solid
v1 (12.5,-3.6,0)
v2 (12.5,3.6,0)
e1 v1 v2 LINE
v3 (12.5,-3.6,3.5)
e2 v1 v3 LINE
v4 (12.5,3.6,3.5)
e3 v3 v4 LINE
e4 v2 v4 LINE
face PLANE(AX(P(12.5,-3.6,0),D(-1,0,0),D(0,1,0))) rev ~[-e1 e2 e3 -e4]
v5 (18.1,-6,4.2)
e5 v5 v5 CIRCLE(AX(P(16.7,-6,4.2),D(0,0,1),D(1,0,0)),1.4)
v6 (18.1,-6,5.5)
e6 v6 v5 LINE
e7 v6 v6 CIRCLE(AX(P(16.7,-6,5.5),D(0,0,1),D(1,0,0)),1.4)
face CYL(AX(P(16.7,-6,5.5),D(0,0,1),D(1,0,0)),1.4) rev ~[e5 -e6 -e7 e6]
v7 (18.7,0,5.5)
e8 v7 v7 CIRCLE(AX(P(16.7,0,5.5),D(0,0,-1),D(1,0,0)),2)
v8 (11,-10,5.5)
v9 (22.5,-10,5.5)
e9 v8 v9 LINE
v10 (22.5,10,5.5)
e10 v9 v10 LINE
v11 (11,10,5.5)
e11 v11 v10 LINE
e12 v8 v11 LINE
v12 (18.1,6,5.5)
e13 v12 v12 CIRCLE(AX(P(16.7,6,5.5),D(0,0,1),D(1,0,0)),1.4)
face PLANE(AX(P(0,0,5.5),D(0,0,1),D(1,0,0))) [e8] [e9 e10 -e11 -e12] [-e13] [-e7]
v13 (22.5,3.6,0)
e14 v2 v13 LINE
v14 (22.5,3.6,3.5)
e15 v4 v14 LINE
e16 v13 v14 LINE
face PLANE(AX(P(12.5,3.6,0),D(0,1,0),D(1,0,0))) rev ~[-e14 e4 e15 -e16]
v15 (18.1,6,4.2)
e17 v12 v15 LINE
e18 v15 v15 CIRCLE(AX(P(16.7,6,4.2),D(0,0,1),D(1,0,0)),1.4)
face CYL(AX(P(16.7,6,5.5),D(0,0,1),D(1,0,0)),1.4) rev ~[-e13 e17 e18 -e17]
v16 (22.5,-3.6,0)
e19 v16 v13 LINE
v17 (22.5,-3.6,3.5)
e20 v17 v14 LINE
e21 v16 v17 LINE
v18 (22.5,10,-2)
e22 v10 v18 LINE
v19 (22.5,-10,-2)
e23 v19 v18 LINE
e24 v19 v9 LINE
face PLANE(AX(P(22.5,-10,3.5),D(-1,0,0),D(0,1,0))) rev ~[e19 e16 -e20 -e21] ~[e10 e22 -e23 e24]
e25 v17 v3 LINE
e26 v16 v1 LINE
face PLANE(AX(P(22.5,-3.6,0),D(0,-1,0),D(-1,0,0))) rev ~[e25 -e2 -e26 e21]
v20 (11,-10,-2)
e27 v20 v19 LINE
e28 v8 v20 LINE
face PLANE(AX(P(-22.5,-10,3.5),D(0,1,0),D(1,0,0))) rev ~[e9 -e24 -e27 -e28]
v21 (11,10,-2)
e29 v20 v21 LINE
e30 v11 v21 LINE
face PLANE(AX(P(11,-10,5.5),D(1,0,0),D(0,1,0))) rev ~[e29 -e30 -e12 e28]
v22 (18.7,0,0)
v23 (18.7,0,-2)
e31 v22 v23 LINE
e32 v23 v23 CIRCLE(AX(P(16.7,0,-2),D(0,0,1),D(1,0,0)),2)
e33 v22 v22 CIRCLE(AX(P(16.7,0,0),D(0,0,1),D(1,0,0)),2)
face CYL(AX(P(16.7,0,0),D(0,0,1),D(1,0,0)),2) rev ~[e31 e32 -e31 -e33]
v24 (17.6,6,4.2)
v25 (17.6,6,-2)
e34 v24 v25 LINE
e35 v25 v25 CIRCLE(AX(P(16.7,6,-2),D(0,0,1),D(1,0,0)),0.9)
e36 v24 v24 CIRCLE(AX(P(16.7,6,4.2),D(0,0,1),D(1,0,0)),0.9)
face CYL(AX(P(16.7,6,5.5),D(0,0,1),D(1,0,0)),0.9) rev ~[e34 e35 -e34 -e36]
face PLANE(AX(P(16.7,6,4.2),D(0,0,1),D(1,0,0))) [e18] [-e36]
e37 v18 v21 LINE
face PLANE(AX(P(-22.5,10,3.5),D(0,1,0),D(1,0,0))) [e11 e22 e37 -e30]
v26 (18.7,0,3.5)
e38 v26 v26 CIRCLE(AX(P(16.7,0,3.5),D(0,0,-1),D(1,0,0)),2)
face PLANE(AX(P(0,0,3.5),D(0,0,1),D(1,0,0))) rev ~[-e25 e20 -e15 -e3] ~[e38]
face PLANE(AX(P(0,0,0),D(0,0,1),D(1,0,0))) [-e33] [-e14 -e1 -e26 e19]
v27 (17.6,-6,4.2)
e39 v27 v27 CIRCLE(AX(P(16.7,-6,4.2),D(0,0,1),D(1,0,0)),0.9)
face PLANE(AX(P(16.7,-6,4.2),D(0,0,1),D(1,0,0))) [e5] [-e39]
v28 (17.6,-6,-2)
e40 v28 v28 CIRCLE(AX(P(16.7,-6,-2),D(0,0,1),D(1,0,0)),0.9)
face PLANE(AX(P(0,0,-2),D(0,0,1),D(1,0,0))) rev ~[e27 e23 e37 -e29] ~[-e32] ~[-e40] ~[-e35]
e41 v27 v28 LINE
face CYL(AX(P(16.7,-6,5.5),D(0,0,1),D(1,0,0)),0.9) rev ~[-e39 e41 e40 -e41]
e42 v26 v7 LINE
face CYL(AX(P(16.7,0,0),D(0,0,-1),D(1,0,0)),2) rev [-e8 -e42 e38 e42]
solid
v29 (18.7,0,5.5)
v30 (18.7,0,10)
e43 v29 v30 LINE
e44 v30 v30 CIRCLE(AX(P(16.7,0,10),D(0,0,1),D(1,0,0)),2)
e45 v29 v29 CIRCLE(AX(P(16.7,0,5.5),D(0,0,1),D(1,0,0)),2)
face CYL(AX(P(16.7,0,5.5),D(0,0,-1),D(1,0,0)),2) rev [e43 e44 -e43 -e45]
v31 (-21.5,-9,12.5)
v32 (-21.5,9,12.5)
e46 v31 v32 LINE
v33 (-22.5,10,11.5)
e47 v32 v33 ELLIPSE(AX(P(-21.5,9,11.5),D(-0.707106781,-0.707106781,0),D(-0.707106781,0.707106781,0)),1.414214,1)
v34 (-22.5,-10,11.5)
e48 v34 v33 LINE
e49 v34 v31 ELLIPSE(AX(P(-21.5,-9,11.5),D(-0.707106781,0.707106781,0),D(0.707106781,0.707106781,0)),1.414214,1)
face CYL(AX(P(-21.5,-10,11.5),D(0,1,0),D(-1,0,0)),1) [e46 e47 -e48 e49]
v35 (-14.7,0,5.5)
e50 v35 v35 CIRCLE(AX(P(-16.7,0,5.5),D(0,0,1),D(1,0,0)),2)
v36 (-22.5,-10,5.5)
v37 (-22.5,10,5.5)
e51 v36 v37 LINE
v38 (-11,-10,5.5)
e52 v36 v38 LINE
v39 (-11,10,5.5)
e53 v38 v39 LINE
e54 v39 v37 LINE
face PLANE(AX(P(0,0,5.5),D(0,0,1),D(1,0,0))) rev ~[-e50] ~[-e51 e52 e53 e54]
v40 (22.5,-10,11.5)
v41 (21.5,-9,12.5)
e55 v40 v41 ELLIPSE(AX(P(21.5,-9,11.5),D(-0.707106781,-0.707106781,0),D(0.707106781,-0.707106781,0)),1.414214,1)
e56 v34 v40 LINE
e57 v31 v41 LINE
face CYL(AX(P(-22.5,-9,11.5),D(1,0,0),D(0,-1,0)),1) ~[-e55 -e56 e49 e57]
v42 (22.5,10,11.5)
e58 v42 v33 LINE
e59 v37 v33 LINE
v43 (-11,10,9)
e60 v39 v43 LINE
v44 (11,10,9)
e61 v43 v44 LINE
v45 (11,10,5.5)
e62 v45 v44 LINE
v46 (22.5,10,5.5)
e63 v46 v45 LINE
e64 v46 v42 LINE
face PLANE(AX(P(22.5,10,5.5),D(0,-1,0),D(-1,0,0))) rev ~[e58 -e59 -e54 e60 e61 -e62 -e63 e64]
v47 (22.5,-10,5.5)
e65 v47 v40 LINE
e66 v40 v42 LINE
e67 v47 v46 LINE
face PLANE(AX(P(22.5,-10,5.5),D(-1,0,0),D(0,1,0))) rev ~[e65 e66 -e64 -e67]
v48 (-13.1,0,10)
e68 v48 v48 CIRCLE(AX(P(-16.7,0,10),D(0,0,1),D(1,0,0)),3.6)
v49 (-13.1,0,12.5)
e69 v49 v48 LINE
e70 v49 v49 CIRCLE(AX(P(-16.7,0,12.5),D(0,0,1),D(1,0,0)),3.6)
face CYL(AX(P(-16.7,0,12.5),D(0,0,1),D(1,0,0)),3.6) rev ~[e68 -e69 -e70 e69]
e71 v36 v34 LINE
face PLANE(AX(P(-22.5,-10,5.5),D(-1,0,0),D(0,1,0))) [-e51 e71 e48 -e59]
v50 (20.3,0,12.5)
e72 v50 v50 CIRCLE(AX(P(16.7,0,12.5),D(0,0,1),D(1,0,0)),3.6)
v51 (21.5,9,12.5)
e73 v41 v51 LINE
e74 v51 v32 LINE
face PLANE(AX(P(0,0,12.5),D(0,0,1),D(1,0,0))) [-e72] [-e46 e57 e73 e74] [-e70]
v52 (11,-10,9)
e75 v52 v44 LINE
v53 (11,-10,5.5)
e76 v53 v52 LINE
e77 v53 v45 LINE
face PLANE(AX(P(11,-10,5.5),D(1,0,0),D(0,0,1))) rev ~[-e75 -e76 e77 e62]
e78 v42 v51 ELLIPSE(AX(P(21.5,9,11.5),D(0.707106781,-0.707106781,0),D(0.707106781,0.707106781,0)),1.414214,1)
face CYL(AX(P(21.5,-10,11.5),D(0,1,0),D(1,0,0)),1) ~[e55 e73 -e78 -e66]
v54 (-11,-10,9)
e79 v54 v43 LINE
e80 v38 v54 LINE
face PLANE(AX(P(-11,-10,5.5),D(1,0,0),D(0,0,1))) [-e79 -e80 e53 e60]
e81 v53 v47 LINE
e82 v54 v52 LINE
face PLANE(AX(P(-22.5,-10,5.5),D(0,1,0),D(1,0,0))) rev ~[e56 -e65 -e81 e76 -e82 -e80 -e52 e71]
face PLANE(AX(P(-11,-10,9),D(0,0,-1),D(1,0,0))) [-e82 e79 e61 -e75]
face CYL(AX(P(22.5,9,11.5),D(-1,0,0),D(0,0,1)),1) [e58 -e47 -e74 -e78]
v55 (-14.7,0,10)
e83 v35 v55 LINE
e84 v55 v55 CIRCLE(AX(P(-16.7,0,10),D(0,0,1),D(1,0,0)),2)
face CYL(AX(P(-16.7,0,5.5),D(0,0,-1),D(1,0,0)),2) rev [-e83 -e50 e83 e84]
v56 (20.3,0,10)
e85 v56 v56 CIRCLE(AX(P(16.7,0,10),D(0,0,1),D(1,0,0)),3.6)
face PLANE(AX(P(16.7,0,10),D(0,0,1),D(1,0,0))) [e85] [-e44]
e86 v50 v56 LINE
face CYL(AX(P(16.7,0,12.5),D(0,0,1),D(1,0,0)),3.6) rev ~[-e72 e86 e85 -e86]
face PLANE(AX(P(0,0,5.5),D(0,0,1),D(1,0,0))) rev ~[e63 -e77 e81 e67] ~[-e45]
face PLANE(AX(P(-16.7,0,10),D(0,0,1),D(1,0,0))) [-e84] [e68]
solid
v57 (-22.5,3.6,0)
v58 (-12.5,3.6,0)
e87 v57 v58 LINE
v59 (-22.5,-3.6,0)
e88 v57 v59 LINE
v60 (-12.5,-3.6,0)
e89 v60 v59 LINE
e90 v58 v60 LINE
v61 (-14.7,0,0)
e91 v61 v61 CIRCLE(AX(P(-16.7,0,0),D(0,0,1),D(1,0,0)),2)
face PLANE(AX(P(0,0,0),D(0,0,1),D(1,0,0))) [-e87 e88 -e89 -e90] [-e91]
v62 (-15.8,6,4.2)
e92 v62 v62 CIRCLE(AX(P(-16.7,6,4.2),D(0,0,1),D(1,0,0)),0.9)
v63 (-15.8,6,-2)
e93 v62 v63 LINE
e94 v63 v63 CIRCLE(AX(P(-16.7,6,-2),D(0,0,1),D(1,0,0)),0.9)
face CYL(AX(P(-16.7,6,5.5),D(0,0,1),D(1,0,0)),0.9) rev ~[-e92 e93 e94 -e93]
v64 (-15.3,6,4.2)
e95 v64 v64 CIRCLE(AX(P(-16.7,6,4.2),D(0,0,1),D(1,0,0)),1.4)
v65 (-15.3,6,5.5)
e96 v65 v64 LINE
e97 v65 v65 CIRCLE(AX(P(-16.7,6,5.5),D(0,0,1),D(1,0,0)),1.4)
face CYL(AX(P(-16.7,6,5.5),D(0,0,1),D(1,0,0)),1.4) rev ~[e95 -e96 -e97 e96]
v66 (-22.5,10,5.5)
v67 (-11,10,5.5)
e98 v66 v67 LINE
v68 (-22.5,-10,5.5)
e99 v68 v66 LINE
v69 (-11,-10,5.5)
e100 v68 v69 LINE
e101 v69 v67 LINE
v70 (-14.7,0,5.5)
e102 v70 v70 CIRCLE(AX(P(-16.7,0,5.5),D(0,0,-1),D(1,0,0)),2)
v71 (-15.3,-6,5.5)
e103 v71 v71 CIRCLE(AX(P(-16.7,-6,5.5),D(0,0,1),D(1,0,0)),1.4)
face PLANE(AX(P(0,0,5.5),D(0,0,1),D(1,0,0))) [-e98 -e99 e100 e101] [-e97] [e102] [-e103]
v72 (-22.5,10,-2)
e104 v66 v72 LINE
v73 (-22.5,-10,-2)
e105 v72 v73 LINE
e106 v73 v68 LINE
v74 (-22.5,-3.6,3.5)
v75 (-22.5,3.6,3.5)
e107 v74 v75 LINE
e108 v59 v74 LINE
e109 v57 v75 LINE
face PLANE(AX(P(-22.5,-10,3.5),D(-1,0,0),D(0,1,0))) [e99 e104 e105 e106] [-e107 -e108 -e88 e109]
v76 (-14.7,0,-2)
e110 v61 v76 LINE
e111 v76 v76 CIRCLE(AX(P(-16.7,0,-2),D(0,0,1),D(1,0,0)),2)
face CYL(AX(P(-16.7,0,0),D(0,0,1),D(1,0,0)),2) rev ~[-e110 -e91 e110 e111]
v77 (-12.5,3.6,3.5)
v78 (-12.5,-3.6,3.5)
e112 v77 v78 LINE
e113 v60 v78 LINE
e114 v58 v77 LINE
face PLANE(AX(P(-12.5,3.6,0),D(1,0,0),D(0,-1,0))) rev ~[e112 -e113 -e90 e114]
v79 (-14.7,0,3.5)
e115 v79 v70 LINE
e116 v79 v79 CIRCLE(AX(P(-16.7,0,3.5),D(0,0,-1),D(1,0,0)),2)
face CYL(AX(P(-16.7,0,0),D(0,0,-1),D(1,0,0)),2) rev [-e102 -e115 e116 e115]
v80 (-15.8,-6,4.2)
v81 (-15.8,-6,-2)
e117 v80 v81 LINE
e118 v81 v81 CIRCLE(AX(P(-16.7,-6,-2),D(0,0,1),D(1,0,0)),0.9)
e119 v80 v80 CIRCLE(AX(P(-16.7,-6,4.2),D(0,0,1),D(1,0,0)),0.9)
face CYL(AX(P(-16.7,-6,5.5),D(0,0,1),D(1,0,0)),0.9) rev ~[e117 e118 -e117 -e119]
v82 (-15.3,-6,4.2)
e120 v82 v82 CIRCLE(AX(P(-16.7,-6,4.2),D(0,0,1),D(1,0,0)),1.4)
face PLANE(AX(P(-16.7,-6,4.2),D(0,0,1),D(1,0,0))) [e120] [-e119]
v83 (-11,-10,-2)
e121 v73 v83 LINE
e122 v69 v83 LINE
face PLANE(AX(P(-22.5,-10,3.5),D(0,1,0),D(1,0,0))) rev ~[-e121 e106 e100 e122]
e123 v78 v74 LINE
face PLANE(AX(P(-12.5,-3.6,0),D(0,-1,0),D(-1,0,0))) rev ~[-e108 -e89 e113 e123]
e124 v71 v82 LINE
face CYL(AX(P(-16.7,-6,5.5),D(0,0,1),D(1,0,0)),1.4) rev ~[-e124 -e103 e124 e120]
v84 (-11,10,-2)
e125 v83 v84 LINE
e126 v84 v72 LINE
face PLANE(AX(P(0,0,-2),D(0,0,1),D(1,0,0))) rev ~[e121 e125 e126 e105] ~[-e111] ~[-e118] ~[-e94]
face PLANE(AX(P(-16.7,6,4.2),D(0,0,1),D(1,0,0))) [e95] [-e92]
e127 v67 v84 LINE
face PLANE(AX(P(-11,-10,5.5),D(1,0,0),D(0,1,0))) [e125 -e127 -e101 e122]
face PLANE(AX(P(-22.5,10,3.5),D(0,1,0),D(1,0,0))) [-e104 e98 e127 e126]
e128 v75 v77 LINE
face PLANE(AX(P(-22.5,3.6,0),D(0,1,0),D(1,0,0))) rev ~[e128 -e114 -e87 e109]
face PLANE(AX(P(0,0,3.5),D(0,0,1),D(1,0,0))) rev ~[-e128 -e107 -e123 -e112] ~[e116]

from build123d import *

# Parameters (mm, degrees)
F0_W      = 10
F0_H      = 7.2
F0_R      = 2
F1_DEPTH  = 2
F2_DEPTH  = 3.5
F3_W      = 45
F3_H      = 20
F4_DEPTH  = 2
F5_DEPTH  = 25
F6_W      = 22
F6_H      = 20
F6_R      = 0.9
F7_DEPTH  = 25
F6_R_2    = 1.4
F8_DEPTH  = 1.3
F6_W_2    = 11.5
F6_R_3    = 2
F9_DEPTH  = 7
F10_R     = 3.6
F10_R_2   = 2
F11_DEPTH = 2.5
F12_R     = 1
F13_W     = 22
F13_H     = 3.5
F14_DEPTH = 25


with BuildPart() as f1:
    # F0 (on Top) → F1 (new body)
    with BuildSketch(Plane.XY):
        Polygon((22.5, 3.6), (22.5, 10), (-22.5, 10), (-22.5, 3.6), (-12.5, 3.6), (-12.5, -3.6), (-22.5, -3.6), (-22.5, -10), (22.5, -10), (22.5, -3.6), (12.5, -3.6), (12.5, 3.6), align=None)
        with Locations((-17.5, 0)):
            Rectangle(F0_W, F0_H)
        with Locations((-16.7, 0)):
            Circle(F0_R, mode=Mode.SUBTRACT)
        with Locations((17.5, 0)):
            Rectangle(F0_W, F0_H)
        with Locations((16.7, 0)):
            Circle(F0_R, mode=Mode.SUBTRACT)
    extrude(amount=-F1_DEPTH)

    # F0 (on Top) → F2 (join)
    with BuildSketch(Plane.XY):
        Polygon((22.5, 3.6), (22.5, 10), (-22.5, 10), (-22.5, 3.6), (-12.5, 3.6), (-12.5, -3.6), (-22.5, -3.6), (-22.5, -10), (22.5, -10), (22.5, -3.6), (12.5, -3.6), (12.5, 3.6), align=None)
    extrude(amount=F2_DEPTH)

    # F3 (on face) → F4 (join)
    with BuildSketch(Plane.XY.offset(3.5)):
        Rectangle(F3_W, F3_H)
    extrude(amount=F4_DEPTH)

    # F0 (on Top) → F5 (cut)
    with BuildSketch(Plane.XY):
        with Locations((16.7, 0)):
            Circle(F0_R)
        with Locations((-16.7, 0)):
            Circle(F0_R)
    extrude(amount=F5_DEPTH, mode=Mode.SUBTRACT)

    # F6 (on face) → F7 (cut)
    with BuildSketch(Plane.XY.offset(5.5)):
        Rectangle(F6_W, F6_H)
        with Locations((-16.7, 6)):
            Circle(F6_R)
        with Locations((16.7, 6)):
            Circle(F6_R)
        with Locations((16.7, -6)):
            Circle(F6_R)
        with Locations((-16.7, -6)):
            Circle(F6_R)
    extrude(amount=-F7_DEPTH, mode=Mode.SUBTRACT)

    # F6 (on face) → F8 (cut)
    with BuildSketch(Plane.XY.offset(5.5)):
        with Locations((-16.7, 6)):
            Circle(F6_R_2)
        with Locations((-16.7, 6)):
            Circle(F6_R, mode=Mode.SUBTRACT)
        with Locations((-16.7, -6)):
            Circle(F6_R_2)
        with Locations((-16.7, -6)):
            Circle(F6_R, mode=Mode.SUBTRACT)
        with Locations((16.7, -6)):
            Circle(F6_R_2)
        with Locations((16.7, -6)):
            Circle(F6_R, mode=Mode.SUBTRACT)
        with Locations((16.7, 6)):
            Circle(F6_R_2)
        with Locations((16.7, 6)):
            Circle(F6_R, mode=Mode.SUBTRACT)
    extrude(amount=-F8_DEPTH, mode=Mode.SUBTRACT)


with BuildPart() as f9:
    # F6 (on face) → F9 (new body)
    with BuildSketch(Plane.XY.offset(5.5)):
        Rectangle(F6_W, F6_H)
        with Locations((-16.75, 0)):
            Rectangle(F6_W_2, F6_H)
        with Locations((-16.7, -6)):
            Circle(F6_R_2, mode=Mode.SUBTRACT)
        with Locations((-16.7, 0)):
            Circle(F6_R_3, mode=Mode.SUBTRACT)
        with Locations((-16.7, 6)):
            Circle(F6_R_2, mode=Mode.SUBTRACT)
        with Locations((16.75, 0)):
            Rectangle(F6_W_2, F6_H)
        with Locations((16.7, -6)):
            Circle(F6_R_2, mode=Mode.SUBTRACT)
        with Locations((16.7, 0)):
            Circle(F6_R_3, mode=Mode.SUBTRACT)
        with Locations((16.7, 6)):
            Circle(F6_R_2, mode=Mode.SUBTRACT)
        with Locations((16.7, 6)):
            Circle(F6_R_2)
        with Locations((16.7, 6)):
            Circle(F6_R, mode=Mode.SUBTRACT)
        with Locations((16.7, -6)):
            Circle(F6_R_2)
        with Locations((16.7, -6)):
            Circle(F6_R, mode=Mode.SUBTRACT)
        with Locations((-16.7, -6)):
            Circle(F6_R_2)
        with Locations((-16.7, -6)):
            Circle(F6_R, mode=Mode.SUBTRACT)
        with Locations((-16.7, 6)):
            Circle(F6_R_2)
        with Locations((-16.7, 6)):
            Circle(F6_R, mode=Mode.SUBTRACT)
        with Locations((16.7, 6)):
            Circle(F6_R)
        with Locations((16.7, -6)):
            Circle(F6_R)
        with Locations((-16.7, -6)):
            Circle(F6_R)
        with Locations((-16.7, 6)):
            Circle(F6_R)
    extrude(amount=F9_DEPTH)

    # F10 (on face) → F11 (cut)
    with BuildSketch(Plane.XY.offset(12.5)):
        with Locations((-16.7, 0)):
            Circle(F10_R)
        with Locations((-16.7, 0)):
            Circle(F10_R_2, mode=Mode.SUBTRACT)
        with Locations((16.7, 0)):
            Circle(F10_R)
        with Locations((16.7, 0)):
            Circle(F10_R_2, mode=Mode.SUBTRACT)
    extrude(amount=-F11_DEPTH, mode=Mode.SUBTRACT)

    # F12
    f12_edges = [f9.edges().sort_by_distance(p)[0] for p in [
        (0, -10, 12.5),
        (22.5, 0, 12.5),
        (0, 10, 12.5),
        (-22.5, 0, 12.5),
    ]]
    fillet(f12_edges, radius=F12_R)

    # F13 (on face) → F14 (cut)
    with BuildSketch(Plane.XZ.offset(10)):
        with Locations((0, 7.25)):
            Rectangle(F13_W, F13_H)
    extrude(amount=-F14_DEPTH, mode=Mode.SUBTRACT)


solid = Compound([f1.part, f9.part])
